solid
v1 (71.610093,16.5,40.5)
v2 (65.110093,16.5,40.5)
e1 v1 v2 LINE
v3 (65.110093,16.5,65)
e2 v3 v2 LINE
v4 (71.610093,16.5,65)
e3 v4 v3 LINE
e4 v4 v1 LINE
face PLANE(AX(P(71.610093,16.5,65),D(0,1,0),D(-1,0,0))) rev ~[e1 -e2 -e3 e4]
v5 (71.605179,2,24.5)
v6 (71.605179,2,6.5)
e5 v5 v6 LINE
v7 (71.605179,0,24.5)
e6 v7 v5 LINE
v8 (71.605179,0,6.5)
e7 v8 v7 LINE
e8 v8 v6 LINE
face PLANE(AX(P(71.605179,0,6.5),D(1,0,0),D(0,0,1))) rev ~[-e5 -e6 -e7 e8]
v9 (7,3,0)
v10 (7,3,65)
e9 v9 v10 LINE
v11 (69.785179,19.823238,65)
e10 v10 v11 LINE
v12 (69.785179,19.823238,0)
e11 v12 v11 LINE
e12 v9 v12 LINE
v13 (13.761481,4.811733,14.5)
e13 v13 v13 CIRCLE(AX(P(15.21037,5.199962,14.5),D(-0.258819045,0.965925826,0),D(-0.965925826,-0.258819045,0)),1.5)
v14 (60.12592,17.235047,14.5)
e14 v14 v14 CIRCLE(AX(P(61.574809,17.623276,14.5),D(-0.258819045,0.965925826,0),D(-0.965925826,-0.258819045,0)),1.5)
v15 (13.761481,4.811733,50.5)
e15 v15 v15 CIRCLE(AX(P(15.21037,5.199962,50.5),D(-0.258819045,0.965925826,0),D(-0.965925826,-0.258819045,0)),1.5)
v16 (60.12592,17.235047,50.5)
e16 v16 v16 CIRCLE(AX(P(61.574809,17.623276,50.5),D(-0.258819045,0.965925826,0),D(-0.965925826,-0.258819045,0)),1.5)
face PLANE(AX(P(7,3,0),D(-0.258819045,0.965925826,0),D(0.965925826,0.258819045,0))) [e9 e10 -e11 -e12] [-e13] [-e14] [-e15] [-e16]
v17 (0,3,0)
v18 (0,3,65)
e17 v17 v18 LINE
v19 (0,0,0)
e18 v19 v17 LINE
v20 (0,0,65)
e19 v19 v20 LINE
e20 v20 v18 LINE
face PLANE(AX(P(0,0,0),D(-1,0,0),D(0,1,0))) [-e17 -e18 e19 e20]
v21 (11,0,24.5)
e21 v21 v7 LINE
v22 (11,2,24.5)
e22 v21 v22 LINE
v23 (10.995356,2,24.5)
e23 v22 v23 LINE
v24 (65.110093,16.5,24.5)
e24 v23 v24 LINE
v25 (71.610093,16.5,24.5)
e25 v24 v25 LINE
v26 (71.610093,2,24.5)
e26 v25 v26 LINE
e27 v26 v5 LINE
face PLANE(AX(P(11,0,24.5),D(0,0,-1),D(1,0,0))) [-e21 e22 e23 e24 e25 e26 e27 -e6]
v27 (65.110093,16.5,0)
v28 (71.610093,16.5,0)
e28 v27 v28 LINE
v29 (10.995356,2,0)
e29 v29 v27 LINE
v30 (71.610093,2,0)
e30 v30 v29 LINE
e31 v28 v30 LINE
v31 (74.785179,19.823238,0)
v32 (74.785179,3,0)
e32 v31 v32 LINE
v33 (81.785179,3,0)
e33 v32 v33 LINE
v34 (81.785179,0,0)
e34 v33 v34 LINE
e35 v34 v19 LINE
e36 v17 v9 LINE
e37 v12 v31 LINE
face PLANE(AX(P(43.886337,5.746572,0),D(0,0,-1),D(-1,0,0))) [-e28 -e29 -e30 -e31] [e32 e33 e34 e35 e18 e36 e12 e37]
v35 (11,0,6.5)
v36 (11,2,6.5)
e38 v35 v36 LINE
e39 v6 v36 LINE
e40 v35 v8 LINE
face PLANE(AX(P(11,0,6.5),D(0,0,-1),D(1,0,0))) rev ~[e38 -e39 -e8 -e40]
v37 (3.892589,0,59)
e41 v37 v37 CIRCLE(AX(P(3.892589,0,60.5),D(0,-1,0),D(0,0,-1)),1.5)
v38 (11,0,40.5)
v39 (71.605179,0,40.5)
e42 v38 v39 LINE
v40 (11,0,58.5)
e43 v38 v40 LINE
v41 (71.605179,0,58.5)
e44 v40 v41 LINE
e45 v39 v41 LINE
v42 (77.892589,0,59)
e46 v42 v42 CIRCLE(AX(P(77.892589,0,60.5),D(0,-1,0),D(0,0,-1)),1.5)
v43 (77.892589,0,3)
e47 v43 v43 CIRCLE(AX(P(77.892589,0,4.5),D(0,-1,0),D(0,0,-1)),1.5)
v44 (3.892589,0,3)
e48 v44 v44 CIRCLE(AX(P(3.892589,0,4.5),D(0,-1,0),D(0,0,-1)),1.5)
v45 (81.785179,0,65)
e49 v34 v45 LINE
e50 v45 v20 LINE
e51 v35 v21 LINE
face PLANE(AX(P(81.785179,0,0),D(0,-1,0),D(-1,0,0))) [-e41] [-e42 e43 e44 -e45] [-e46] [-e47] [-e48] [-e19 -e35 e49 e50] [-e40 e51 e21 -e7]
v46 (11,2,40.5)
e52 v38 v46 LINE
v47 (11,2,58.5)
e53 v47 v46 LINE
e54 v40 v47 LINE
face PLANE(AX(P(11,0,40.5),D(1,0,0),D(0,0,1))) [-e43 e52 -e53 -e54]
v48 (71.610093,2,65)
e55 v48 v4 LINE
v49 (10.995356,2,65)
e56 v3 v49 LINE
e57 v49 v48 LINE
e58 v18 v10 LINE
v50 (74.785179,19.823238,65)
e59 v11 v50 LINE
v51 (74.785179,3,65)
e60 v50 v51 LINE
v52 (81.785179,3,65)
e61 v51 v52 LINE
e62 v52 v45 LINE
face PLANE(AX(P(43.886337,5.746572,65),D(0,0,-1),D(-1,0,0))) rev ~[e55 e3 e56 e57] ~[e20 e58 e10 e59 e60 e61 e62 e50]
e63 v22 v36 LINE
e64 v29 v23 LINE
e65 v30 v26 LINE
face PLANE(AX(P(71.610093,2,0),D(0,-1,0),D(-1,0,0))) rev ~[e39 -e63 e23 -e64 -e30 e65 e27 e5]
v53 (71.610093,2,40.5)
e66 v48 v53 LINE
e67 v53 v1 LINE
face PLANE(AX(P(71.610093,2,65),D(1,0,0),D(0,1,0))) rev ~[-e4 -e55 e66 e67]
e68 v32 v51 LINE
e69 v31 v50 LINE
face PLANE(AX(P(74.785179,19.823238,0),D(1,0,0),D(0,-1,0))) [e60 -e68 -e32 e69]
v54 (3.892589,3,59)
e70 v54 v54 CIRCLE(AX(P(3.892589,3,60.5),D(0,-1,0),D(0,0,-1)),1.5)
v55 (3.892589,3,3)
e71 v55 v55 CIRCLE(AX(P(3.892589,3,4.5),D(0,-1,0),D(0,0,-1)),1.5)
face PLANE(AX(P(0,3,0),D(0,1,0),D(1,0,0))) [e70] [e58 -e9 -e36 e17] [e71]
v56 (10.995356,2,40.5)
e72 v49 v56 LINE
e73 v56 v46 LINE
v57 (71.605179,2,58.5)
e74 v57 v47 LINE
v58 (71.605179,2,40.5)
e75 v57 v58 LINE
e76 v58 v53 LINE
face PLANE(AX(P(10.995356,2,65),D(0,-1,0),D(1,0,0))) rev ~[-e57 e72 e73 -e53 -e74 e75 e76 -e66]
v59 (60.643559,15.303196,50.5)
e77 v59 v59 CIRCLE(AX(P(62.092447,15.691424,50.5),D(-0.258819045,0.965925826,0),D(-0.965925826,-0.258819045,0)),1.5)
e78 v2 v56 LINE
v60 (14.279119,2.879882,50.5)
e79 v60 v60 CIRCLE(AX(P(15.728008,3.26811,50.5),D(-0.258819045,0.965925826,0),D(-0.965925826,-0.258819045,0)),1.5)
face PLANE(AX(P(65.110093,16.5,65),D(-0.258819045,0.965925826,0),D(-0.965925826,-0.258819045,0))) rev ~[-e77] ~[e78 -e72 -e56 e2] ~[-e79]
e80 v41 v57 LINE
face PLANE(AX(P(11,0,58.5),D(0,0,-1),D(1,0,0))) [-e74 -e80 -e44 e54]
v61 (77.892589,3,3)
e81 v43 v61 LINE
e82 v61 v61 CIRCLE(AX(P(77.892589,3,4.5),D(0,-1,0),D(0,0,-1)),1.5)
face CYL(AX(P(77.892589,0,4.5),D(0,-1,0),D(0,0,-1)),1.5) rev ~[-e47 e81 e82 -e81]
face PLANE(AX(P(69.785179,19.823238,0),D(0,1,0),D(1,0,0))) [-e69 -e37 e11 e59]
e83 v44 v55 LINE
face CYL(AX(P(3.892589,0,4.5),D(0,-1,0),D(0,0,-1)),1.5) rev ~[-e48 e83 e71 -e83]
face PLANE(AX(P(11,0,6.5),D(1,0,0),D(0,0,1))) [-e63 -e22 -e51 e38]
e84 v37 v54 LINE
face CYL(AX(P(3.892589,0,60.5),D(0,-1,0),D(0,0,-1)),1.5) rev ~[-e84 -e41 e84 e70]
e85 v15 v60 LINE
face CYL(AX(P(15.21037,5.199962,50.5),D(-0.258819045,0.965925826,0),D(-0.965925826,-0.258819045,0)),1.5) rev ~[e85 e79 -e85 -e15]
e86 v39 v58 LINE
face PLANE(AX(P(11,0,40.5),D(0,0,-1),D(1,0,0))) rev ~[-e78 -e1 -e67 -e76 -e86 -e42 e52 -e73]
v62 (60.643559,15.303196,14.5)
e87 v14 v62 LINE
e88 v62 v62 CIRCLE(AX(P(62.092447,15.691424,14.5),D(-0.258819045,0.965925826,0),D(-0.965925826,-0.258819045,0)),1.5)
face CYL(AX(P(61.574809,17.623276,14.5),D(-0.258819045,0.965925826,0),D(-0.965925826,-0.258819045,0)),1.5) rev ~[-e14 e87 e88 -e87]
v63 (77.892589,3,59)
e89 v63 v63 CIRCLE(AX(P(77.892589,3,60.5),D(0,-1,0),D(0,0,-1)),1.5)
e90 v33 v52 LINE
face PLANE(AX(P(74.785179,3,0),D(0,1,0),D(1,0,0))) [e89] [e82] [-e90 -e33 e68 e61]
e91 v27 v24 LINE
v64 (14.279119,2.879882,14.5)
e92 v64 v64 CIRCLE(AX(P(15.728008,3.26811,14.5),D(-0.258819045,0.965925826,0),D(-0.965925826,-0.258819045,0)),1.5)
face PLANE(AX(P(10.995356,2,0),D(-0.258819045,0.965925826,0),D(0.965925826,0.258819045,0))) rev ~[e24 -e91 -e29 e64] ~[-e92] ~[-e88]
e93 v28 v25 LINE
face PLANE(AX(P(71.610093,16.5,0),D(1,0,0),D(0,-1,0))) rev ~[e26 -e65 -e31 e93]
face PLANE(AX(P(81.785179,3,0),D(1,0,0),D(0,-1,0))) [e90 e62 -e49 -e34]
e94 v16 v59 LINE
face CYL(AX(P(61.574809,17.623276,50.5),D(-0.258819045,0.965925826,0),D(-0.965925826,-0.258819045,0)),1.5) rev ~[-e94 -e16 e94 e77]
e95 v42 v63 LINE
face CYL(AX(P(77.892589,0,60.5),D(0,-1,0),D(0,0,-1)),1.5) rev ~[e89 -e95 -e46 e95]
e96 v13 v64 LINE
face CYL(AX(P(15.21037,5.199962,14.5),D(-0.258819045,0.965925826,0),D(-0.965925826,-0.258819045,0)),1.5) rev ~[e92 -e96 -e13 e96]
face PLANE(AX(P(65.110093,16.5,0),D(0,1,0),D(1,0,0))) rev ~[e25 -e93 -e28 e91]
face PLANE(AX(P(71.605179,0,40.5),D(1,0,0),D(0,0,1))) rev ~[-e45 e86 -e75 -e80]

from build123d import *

# Parameters (mm, degrees)
EXTRUDE_4_DEPTH     = 65
CUT_EXTRUDE_2_DEPTH = 24.5
CUT_EXTRUDE_3_DEPTH = 24.5
CUT_EXTRUDE_5_REACH = 108.333
SKETCH_11_R         = 1.5
SKETCH_11_W         = 60.605178709
SKETCH_11_H         = 18
CUT_EXTRUDE_4_REACH = 108.359
SKETCH_8_R          = 1.5


with BuildPart() as part:
    # 草图1 → 凸台-拉伸4 (new body)
    with BuildSketch(Plane.XY):
        Polygon((0, 0), (0, 3), (7, 3), (69.785178709, 19.823237932), (74.785178709, 19.823237932), (74.785178709, 3), (81.785178709, 3), (81.785178709, 0), align=None)
    extrude(amount=EXTRUDE_4_DEPTH)

    # 草图9 → 切除-拉伸2 (cut)
    with BuildSketch(Plane.XY.offset(65)):
        Polygon((65.110092512, 16.5), (10.995355803, 2), (71.610092512, 2), (71.610092512, 16.5), align=None)
    extrude(amount=-CUT_EXTRUDE_2_DEPTH, mode=Mode.SUBTRACT)

    # 草图10 → 切除-拉伸3 (cut)
    with BuildSketch(Plane(origin=(0, 0, 0), x_dir=(-1, 0, 0), z_dir=(0, 0, -1))):
        Polygon((-71.610092512, 2), (-10.995355803, 2), (-65.110092512, 16.5), (-71.610092512, 16.5), align=None)
    extrude(amount=-CUT_EXTRUDE_3_DEPTH, mode=Mode.SUBTRACT)

    # 草图11 → 切除-拉伸5 (cut, up to next)
    with BuildSketch(Plane.XZ, mode=Mode.PRIVATE) as cut_extrude_5_sk1:
        with Locations(Location((3.892589354, 60.5, 0), (0, 0, 270))):
            Circle(SKETCH_11_R)
    cut_extrude_5_tool1 = extrude(cut_extrude_5_sk1.sketch, amount=-CUT_EXTRUDE_5_REACH, mode=Mode.PRIVATE) & part.part
    # 草图11 → 切除-拉伸5 (cut, up to next)
    with BuildSketch(Plane.XZ, mode=Mode.PRIVATE) as cut_extrude_5_sk2:
        with Locations(Location((77.892589354, 60.5, 0), (0, 0, 270))):
            Circle(SKETCH_11_R)
    cut_extrude_5_tool2 = extrude(cut_extrude_5_sk2.sketch, amount=-CUT_EXTRUDE_5_REACH, mode=Mode.PRIVATE) & part.part
    # 草图11 → 切除-拉伸5 (cut, up to next)
    with BuildSketch(Plane.XZ, mode=Mode.PRIVATE) as cut_extrude_5_sk3:
        with Locations(Location((77.892589354, 4.5, 0), (0, 0, 270))):
            Circle(SKETCH_11_R)
    cut_extrude_5_tool3 = extrude(cut_extrude_5_sk3.sketch, amount=-CUT_EXTRUDE_5_REACH, mode=Mode.PRIVATE) & part.part
    # 草图11 → 切除-拉伸5 (cut, up to next)
    with BuildSketch(Plane.XZ, mode=Mode.PRIVATE) as cut_extrude_5_sk4:
        with Locations(Location((3.892589354, 4.5, 0), (0, 0, 270))):
            Circle(SKETCH_11_R)
    cut_extrude_5_tool4 = extrude(cut_extrude_5_sk4.sketch, amount=-CUT_EXTRUDE_5_REACH, mode=Mode.PRIVATE) & part.part
    # 草图11 → 切除-拉伸5 (cut, up to next)
    with BuildSketch(Plane.XZ, mode=Mode.PRIVATE) as cut_extrude_5_sk5:
        with Locations((41.302589355, 49.5)):
            Rectangle(SKETCH_11_W, SKETCH_11_H)
    cut_extrude_5_tool5 = extrude(cut_extrude_5_sk5.sketch, amount=-CUT_EXTRUDE_5_REACH, mode=Mode.PRIVATE) & part.part
    # 草图11 → 切除-拉伸5 (cut, up to next)
    with BuildSketch(Plane.XZ, mode=Mode.PRIVATE) as cut_extrude_5_sk6:
        with Locations((41.302589355, 15.5)):
            Rectangle(SKETCH_11_W, SKETCH_11_H)
    cut_extrude_5_tool6 = extrude(cut_extrude_5_sk6.sketch, amount=-CUT_EXTRUDE_5_REACH, mode=Mode.PRIVATE) & part.part
    add(cut_extrude_5_tool1.solids().sort_by_distance((3.892589, 0, 60.5))[0], mode=Mode.SUBTRACT)
    add(cut_extrude_5_tool2.solids().sort_by_distance((77.892589, 0, 60.5))[0], mode=Mode.SUBTRACT)
    add(cut_extrude_5_tool3.solids().sort_by_distance((77.892589, 0, 4.5))[0], mode=Mode.SUBTRACT)
    add(cut_extrude_5_tool4.solids().sort_by_distance((3.892589, 0, 4.5))[0], mode=Mode.SUBTRACT)
    add(cut_extrude_5_tool5.solids().sort_by_distance((41.302589, 0, 49.5))[0], mode=Mode.SUBTRACT)
    add(cut_extrude_5_tool6.solids().sort_by_distance((41.302589, 0, 15.5))[0], mode=Mode.SUBTRACT)

    # 草图8 → 切除-拉伸4 (cut, up to next)
    with BuildSketch(Plane(origin=(-0.281088913, 1.049038106, 0), x_dir=(0.9659258262890681, 0.25881904510252157, 0), z_dir=(-0.25881904510252157, 0.9659258262890681, 0)), mode=Mode.PRIVATE) as cut_extrude_4_sk1:
        with Locations(Location((16.037937919, -14.5, 0), (0, 0, 180))):
            Circle(SKETCH_8_R)
    cut_extrude_4_tool1 = extrude(cut_extrude_4_sk1.sketch, amount=-CUT_EXTRUDE_4_REACH, mode=Mode.PRIVATE) & part.part
    # 草图8 → 切除-拉伸4 (cut, up to next)
    with BuildSketch(Plane(origin=(-0.281088913, 1.049038106, 0), x_dir=(0.9659258262890681, 0.25881904510252157, 0), z_dir=(-0.25881904510252157, 0.9659258262890681, 0)), mode=Mode.PRIVATE) as cut_extrude_4_sk2:
        with Locations(Location((64.037937919, -14.5, 0), (0, 0, 180))):
            Circle(SKETCH_8_R)
    cut_extrude_4_tool2 = extrude(cut_extrude_4_sk2.sketch, amount=-CUT_EXTRUDE_4_REACH, mode=Mode.PRIVATE) & part.part
    # 草图8 → 切除-拉伸4 (cut, up to next)
    with BuildSketch(Plane(origin=(-0.281088913, 1.049038106, 0), x_dir=(0.9659258262890681, 0.25881904510252157, 0), z_dir=(-0.25881904510252157, 0.9659258262890681, 0)), mode=Mode.PRIVATE) as cut_extrude_4_sk3:
        with Locations(Location((64.037937919, -50.5, 0), (0, 0, 180))):
            Circle(SKETCH_8_R)
    cut_extrude_4_tool3 = extrude(cut_extrude_4_sk3.sketch, amount=-CUT_EXTRUDE_4_REACH, mode=Mode.PRIVATE) & part.part
    # 草图8 → 切除-拉伸4 (cut, up to next)
    with BuildSketch(Plane(origin=(-0.281088913, 1.049038106, 0), x_dir=(0.9659258262890681, 0.25881904510252157, 0), z_dir=(-0.25881904510252157, 0.9659258262890681, 0)), mode=Mode.PRIVATE) as cut_extrude_4_sk4:
        with Locations(Location((16.037937919, -50.5, 0), (0, 0, 180))):
            Circle(SKETCH_8_R)
    cut_extrude_4_tool4 = extrude(cut_extrude_4_sk4.sketch, amount=-CUT_EXTRUDE_4_REACH, mode=Mode.PRIVATE) & part.part
    add(cut_extrude_4_tool1.solids().sort_by_distance((15.21037, 5.199962, 14.5))[0], mode=Mode.SUBTRACT)
    add(cut_extrude_4_tool2.solids().sort_by_distance((61.574809, 17.623276, 14.5))[0], mode=Mode.SUBTRACT)
    add(cut_extrude_4_tool3.solids().sort_by_distance((61.574809, 17.623276, 50.5))[0], mode=Mode.SUBTRACT)
    add(cut_extrude_4_tool4.solids().sort_by_distance((15.21037, 5.199962, 50.5))[0], mode=Mode.SUBTRACT)


solid = part.part
